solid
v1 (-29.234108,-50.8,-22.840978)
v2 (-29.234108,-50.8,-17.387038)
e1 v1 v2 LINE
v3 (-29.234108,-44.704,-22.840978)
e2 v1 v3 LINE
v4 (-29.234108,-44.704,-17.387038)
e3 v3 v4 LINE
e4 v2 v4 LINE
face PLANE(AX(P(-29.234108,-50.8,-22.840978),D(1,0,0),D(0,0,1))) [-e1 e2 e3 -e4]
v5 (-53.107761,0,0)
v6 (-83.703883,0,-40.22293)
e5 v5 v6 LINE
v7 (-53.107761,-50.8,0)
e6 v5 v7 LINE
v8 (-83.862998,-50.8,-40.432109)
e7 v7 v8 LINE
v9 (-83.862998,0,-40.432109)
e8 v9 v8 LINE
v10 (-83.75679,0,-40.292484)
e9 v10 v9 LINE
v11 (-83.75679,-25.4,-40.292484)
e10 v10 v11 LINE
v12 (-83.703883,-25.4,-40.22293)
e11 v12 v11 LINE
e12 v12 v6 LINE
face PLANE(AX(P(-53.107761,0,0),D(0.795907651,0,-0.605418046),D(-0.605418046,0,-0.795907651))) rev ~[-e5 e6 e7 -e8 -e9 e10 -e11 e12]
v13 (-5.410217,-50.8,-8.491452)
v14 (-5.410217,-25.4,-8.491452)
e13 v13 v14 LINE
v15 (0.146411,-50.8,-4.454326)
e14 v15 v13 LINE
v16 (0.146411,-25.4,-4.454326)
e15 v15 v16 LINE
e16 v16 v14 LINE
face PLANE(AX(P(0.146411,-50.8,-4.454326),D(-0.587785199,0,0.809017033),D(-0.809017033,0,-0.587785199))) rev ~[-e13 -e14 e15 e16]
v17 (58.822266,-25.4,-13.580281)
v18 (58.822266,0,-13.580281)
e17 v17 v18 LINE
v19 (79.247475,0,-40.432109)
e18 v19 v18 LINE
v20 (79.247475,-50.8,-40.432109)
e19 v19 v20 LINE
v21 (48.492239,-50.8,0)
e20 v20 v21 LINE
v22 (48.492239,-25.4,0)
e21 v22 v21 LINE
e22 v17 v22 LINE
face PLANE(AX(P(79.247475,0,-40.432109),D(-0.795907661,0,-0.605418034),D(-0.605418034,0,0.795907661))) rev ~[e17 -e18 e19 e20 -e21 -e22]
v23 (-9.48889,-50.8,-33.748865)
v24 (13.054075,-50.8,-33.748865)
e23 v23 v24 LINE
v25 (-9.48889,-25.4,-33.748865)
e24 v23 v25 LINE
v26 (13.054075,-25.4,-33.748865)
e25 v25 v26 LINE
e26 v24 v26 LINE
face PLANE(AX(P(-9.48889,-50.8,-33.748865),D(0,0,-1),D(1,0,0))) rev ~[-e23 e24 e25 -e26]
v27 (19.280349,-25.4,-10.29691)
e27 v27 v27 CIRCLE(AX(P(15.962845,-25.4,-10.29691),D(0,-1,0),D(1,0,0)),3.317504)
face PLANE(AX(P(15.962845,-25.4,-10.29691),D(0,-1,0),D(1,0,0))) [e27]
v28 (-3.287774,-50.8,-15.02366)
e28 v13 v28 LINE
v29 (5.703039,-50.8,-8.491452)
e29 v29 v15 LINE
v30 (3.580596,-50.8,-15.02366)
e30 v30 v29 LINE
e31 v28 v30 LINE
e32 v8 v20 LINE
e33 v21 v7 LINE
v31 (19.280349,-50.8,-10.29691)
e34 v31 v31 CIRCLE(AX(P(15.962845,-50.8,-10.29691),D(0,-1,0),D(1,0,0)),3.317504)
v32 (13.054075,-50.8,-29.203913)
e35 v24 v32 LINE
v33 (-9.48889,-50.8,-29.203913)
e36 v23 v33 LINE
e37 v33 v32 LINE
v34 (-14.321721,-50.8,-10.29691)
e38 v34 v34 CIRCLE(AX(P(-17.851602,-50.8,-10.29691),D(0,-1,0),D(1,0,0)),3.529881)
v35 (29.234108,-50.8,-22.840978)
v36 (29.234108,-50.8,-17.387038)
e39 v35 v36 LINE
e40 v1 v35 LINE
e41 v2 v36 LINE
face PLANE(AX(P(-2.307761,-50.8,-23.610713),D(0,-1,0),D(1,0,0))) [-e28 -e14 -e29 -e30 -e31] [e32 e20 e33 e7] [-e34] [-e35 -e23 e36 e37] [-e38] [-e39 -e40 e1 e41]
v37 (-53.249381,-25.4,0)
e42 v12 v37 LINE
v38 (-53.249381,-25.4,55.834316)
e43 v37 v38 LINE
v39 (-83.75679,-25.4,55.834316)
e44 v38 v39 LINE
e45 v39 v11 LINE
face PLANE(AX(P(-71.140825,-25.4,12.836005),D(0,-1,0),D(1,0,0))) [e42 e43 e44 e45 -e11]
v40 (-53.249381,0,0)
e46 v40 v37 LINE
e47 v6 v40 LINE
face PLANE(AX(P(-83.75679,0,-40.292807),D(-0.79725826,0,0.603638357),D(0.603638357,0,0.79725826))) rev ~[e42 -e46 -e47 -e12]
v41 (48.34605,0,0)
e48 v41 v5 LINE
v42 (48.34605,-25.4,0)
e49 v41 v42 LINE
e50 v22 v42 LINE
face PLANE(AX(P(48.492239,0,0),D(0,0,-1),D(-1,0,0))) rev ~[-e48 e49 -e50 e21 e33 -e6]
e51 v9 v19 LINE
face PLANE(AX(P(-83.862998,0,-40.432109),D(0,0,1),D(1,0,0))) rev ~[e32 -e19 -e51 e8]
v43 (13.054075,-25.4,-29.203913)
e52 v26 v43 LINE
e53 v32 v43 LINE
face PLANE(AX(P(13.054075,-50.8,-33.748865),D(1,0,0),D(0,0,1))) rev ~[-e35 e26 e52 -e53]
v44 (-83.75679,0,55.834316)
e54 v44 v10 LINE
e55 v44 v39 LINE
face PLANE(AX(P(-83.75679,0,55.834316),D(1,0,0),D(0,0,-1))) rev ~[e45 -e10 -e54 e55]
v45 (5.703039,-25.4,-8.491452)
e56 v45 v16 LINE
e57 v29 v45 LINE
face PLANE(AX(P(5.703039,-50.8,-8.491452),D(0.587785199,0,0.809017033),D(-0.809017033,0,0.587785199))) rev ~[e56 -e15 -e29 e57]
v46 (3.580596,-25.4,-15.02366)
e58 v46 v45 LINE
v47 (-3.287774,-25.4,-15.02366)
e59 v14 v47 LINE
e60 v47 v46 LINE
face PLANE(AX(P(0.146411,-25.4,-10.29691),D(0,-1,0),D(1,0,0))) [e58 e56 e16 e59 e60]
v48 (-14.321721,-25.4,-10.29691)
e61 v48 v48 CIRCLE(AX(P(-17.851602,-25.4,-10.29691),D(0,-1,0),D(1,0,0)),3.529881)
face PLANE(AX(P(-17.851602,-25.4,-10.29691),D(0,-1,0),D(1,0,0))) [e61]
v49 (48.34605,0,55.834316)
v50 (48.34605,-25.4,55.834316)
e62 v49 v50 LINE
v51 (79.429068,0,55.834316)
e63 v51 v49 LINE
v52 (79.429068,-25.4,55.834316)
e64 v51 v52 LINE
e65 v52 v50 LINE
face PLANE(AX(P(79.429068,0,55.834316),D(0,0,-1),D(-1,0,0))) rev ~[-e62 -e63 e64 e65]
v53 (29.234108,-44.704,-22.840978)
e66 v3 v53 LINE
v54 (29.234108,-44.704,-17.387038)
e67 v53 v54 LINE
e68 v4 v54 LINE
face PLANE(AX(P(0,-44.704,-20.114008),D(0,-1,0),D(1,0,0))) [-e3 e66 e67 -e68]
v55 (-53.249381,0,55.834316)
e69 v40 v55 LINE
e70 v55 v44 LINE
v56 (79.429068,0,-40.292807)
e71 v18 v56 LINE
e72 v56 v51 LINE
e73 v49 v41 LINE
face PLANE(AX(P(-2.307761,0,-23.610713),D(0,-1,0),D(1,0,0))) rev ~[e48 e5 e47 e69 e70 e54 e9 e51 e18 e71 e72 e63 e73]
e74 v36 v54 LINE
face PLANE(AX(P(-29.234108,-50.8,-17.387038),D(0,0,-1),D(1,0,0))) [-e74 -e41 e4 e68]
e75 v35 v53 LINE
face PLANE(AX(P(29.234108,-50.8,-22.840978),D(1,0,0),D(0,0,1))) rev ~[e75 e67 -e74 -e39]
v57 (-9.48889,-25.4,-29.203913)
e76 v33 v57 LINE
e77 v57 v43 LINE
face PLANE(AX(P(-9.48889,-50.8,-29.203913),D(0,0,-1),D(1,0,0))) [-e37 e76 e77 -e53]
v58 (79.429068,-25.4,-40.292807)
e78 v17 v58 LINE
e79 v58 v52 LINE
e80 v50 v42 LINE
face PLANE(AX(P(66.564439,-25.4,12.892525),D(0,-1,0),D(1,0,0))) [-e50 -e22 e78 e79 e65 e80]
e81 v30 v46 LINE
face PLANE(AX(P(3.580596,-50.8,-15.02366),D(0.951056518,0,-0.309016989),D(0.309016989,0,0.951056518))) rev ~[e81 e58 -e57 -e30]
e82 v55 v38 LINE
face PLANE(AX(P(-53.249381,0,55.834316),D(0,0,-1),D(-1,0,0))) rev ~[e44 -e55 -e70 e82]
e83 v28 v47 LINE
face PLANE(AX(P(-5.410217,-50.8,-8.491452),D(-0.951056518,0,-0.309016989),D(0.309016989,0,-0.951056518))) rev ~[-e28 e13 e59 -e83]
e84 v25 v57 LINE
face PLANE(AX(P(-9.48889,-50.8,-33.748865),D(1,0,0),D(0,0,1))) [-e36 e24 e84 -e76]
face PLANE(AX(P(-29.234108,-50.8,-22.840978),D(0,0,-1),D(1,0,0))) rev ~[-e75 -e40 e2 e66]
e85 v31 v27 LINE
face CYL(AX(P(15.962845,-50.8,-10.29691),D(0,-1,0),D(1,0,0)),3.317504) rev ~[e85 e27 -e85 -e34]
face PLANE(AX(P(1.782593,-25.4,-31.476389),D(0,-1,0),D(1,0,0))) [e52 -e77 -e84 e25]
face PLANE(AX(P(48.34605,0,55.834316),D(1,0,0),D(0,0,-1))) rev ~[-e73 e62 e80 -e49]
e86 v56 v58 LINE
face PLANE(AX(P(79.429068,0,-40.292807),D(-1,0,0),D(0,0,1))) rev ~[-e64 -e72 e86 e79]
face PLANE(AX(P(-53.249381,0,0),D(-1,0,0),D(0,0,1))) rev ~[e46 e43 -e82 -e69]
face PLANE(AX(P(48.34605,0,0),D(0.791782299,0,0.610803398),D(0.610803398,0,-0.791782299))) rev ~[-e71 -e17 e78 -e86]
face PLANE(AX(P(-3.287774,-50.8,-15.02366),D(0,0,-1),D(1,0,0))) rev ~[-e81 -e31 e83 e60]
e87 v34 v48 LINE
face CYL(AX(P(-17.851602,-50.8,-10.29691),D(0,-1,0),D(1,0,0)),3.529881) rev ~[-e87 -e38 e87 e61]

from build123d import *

# Parameters (mm, degrees)
F1_DEPTH = 50.8
F3_DEPTH = 25.4
F4_W     = 58.468216
F4_H     = 5.453941
F5_DEPTH = 6.096
F6_R     = 4.379023
F6_R_2   = 1.790502
F6_R_3   = 1.715079
F6_R_4   = 3.973674
F6_W     = 7.999114
F6_H     = 1.817981
F6_W_2   = 9.089913
F7_DEPTH = 23.114
F8_R     = 3.529881
F8_R_2   = 3.317504
F8_W     = 22.542965
F8_H     = 4.544951
F9_DEPTH = 25.4


with BuildPart() as f1:
    # F0 (on Front) → F1 (new body)
    with BuildSketch(Plane.XZ):
        Polygon((48.492239, 0), (-53.107761, 0), (-83.862998, -40.432109), (79.247475, -40.432109), align=None)
    extrude(amount=F1_DEPTH)

    # F2 (on Front) → F3 (join)
    with BuildSketch(Plane.XZ):
        Polygon((-83.75679, -40.292807), (-53.249381, 0), (-53.249381, 55.834316), (-83.75679, 55.834316), align=None)
        Polygon((48.34605, 55.834316), (48.34605, 0), (79.429068, -40.292807), (79.429068, 55.834316), align=None)
    extrude(amount=F3_DEPTH)

    # F4 (on face) → F5 (cut)
    with BuildSketch(Plane.XZ.offset(50.8)):
        with Locations((0, -20.114008)):
            Rectangle(F4_W, F4_H)
    extrude(amount=-F5_DEPTH, mode=Mode.SUBTRACT)

    # F6 (on face) → F7 (join)
    with BuildSketch(Plane.XZ.offset(50.8)):
        with Locations((0, -32.47628)):
            Circle(F6_R)
        with Locations((10.145307, -32.112684)):
            Circle(F6_R_2)
        with Locations((-9.670687, -32.294482)):
            Circle(F6_R_3)
        with Locations((0, -10.660506)):
            Circle(F6_R_4)
        with Locations((-18.396996, -11.569497)):
            Rectangle(F6_W, F6_H)
        with Locations((16.690036, -11.569497)):
            Rectangle(F6_W_2, F6_H)
    extrude(amount=-F7_DEPTH)

    # F8 (on face) → F9 (cut)
    with BuildSketch(Plane.XZ.offset(50.8)):
        Polygon((-3.287774, -15.02366), (3.580596, -15.02366), (5.703039, -8.491452), (0.146411, -4.454326), (-5.410217, -8.491452), align=None)
        with Locations((-17.851602, -10.29691)):
            Circle(F8_R)
        with Locations((15.962845, -10.29691)):
            Circle(F8_R_2)
        with Locations((1.782593, -31.476389)):
            Rectangle(F8_W, F8_H)
    extrude(amount=-F9_DEPTH, mode=Mode.SUBTRACT)


solid = f1.part
